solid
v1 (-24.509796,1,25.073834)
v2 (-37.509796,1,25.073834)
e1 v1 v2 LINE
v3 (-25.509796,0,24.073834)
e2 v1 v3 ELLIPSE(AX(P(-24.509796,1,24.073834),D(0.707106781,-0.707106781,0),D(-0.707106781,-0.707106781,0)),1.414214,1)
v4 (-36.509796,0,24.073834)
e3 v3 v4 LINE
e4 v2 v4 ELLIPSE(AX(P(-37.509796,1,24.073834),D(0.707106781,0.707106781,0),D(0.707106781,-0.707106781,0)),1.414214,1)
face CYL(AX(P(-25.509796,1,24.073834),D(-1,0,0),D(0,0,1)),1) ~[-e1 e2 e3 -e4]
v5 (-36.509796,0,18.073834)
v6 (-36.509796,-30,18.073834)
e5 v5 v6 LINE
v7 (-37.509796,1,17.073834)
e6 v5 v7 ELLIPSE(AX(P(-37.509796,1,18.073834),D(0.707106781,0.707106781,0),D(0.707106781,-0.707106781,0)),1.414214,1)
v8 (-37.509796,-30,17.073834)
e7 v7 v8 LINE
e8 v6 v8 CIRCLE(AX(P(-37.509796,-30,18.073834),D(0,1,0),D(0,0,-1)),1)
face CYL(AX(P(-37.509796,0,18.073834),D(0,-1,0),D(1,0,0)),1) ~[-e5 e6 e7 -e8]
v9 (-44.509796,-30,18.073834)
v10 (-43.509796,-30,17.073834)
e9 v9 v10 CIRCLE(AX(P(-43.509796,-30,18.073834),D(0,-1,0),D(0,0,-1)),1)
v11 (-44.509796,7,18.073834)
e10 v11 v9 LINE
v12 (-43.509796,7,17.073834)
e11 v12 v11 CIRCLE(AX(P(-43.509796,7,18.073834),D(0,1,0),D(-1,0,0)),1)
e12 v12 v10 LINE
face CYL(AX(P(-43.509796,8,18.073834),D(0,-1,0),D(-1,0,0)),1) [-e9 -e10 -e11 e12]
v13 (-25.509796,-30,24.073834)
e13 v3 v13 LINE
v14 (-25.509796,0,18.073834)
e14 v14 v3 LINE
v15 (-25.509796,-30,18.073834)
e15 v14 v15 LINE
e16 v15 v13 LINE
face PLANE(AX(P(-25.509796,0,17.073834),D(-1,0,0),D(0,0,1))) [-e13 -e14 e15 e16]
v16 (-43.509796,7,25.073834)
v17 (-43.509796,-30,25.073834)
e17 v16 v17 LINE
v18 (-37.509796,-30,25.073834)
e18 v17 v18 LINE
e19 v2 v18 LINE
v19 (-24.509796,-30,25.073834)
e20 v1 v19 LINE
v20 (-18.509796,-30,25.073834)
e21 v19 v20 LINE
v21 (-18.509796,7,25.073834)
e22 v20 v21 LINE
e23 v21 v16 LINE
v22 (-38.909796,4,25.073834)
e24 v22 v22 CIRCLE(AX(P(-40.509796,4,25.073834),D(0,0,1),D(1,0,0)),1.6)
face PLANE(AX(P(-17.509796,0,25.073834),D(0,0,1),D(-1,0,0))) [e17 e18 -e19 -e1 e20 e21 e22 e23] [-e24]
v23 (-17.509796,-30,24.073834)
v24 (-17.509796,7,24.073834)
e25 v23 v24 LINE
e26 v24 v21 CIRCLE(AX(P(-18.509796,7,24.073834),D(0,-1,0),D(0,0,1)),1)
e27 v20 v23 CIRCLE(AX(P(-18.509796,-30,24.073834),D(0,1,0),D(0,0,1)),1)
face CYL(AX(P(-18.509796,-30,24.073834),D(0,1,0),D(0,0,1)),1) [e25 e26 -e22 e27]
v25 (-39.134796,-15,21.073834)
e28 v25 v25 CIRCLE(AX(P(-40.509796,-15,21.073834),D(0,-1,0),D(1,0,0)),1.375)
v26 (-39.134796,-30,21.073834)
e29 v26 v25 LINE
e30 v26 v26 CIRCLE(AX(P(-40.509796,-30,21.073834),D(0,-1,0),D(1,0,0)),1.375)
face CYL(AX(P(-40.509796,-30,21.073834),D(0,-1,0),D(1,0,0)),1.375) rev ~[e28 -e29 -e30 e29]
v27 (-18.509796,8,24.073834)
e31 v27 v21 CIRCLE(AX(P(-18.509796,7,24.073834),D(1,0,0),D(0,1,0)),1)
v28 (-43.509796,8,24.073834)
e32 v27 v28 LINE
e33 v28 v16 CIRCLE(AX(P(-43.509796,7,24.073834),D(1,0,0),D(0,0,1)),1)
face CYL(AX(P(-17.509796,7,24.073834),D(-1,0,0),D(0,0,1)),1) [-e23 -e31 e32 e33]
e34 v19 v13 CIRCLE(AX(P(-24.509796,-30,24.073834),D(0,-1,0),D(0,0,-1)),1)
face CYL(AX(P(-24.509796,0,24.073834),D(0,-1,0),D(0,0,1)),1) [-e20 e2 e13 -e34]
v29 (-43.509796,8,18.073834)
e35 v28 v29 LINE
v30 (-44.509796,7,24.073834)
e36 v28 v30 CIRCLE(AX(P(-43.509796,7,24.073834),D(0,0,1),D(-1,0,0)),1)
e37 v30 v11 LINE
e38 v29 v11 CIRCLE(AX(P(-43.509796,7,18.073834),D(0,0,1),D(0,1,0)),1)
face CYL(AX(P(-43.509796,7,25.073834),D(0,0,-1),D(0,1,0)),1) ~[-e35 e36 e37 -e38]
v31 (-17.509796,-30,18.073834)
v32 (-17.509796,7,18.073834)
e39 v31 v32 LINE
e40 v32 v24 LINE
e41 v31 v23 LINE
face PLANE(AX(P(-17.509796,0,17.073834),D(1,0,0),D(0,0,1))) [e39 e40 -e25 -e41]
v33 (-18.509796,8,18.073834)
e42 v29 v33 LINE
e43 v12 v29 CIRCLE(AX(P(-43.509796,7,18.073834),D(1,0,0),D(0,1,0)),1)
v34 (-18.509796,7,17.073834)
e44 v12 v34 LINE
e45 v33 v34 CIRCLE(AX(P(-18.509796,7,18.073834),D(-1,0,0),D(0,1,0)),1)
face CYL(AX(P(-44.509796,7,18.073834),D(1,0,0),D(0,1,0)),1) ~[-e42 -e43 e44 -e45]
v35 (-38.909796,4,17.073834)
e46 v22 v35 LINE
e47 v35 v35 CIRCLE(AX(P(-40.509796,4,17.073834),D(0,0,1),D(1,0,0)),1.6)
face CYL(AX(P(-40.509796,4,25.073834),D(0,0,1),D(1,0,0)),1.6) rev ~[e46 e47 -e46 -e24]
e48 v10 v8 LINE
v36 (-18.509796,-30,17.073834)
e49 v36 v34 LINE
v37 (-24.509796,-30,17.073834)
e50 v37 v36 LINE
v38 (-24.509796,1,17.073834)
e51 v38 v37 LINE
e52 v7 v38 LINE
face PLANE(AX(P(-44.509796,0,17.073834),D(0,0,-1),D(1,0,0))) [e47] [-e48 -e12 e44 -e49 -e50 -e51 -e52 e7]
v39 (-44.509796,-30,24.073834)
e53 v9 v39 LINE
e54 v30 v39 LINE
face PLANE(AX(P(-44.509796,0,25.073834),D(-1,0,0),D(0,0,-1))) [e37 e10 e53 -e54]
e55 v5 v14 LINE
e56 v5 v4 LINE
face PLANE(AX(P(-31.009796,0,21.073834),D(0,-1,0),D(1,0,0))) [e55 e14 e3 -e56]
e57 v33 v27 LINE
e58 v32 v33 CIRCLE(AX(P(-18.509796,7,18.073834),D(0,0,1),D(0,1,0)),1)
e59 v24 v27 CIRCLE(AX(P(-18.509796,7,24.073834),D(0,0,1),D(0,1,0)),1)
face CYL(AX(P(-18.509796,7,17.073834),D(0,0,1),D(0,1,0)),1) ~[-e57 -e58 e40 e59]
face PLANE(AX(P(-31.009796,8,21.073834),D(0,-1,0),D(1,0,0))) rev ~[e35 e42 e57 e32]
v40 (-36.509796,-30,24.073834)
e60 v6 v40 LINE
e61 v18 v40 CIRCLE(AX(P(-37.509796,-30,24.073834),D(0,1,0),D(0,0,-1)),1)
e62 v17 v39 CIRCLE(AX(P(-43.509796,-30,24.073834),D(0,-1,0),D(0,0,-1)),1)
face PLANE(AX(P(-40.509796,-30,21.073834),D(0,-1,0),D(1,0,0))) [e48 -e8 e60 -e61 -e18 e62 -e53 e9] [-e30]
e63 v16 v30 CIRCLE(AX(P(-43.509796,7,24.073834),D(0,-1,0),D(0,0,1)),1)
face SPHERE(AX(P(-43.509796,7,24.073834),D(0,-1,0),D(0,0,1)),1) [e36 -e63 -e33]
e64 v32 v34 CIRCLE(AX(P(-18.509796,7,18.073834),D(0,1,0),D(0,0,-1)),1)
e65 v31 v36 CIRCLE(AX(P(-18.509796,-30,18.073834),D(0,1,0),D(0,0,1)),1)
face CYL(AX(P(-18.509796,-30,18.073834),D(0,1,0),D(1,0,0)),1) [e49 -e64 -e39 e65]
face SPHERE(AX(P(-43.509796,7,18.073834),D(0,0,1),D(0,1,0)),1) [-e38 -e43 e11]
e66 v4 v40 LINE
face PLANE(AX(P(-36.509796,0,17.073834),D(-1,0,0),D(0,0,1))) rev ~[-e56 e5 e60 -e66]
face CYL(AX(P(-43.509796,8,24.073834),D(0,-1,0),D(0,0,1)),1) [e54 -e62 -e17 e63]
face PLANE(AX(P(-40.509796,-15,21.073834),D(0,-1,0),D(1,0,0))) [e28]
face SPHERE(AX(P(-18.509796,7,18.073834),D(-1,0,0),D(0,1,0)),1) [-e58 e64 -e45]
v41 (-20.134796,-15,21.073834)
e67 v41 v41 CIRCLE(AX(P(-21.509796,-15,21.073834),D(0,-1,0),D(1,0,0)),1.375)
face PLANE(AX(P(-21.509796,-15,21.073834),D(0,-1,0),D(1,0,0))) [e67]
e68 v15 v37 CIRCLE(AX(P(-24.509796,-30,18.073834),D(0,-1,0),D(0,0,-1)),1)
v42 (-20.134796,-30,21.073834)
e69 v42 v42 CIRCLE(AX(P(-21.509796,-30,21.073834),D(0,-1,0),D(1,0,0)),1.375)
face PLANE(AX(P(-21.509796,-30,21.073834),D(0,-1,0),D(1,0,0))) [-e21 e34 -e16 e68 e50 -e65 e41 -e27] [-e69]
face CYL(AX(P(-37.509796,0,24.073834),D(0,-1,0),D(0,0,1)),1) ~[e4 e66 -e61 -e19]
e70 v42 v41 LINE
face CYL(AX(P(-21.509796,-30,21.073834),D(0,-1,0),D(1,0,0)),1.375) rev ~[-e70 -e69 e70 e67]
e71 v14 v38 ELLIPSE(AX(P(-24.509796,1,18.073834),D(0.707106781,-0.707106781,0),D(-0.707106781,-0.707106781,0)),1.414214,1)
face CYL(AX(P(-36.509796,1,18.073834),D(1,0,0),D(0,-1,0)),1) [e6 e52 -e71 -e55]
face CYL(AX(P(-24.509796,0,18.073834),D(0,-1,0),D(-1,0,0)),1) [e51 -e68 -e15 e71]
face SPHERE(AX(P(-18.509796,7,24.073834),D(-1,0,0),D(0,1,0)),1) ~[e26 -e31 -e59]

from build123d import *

# Parameters (mm, degrees)
F0_W     = 8
F0_H     = 8
F1_DEPTH = 30
F3_DEPTH = 8
F4_R     = 1.6
F5_DEPTH = 8
F7_R     = 1.375
F8_DEPTH = 15
F9_R     = 1


with BuildPart() as f1:
    # F0 (on Front) → F1 (new body)
    with BuildSketch(Plane.XZ):
        with Locations((-40.509796, 21.073834)):
            Rectangle(F0_W, F0_H)
        with Locations((-21.509796, 21.073834)):
            Rectangle(F0_W, F0_H)
    extrude(amount=F1_DEPTH)


with BuildPart() as f3:
    # F2 (on Front) → F3 (new body)
    with BuildSketch(Plane.XZ):
        Polygon((-17.509796, 25.073834), (-25.509796, 25.073834), (-36.509796, 25.073834), (-44.509796, 25.073834), (-44.509796, 17.073834), (-36.509796, 17.073834), (-25.509796, 17.073834), (-17.509796, 17.073834), align=None)
    extrude(amount=-F3_DEPTH)

    # F4 (on face) → F5 (cut, through all)
    with BuildSketch(Plane.XY.offset(25.073834)):
        with Locations((-40.509796, 4)):
            Circle(F4_R)
    extrude(amount=-F5_DEPTH, mode=Mode.SUBTRACT)


with BuildPart() as f1_1:
    add(f1.part)

    # F6: union F3
    add(f3.part)

    # F7 (on face) → F8 (cut)
    with BuildSketch(Plane.XZ.offset(30)):
        with Locations((-40.509796, 21.073834)):
            Circle(F7_R)
        with Locations((-21.509796, 21.073834)):
            Circle(F7_R)
    extrude(amount=-F8_DEPTH, mode=Mode.SUBTRACT)

    # F9
    f9_edges = [f1_1.edges().sort_by_distance(p)[0] for p in [
        (-44.509796, -11, 25.073834),
        (-36.509796, -15, 25.073834),
        (-31.009796, 0, 25.073834),
        (-31.009796, 8, 25.073834),
        (-44.509796, 8, 21.073834),
        (-31.009796, 8, 17.073834),
        (-17.509796, 8, 21.073834),
        (-25.509796, -15, 25.073834),
        (-17.509796, -11, 25.073834),
        (-17.509796, -11, 17.073834),
        (-25.509796, -15, 17.073834),
        (-31.009796, 0, 17.073834),
        (-36.509796, -15, 17.073834),
        (-44.509796, -11, 17.073834),
    ]]
    fillet(f9_edges, radius=F9_R)


solid = f1_1.part
